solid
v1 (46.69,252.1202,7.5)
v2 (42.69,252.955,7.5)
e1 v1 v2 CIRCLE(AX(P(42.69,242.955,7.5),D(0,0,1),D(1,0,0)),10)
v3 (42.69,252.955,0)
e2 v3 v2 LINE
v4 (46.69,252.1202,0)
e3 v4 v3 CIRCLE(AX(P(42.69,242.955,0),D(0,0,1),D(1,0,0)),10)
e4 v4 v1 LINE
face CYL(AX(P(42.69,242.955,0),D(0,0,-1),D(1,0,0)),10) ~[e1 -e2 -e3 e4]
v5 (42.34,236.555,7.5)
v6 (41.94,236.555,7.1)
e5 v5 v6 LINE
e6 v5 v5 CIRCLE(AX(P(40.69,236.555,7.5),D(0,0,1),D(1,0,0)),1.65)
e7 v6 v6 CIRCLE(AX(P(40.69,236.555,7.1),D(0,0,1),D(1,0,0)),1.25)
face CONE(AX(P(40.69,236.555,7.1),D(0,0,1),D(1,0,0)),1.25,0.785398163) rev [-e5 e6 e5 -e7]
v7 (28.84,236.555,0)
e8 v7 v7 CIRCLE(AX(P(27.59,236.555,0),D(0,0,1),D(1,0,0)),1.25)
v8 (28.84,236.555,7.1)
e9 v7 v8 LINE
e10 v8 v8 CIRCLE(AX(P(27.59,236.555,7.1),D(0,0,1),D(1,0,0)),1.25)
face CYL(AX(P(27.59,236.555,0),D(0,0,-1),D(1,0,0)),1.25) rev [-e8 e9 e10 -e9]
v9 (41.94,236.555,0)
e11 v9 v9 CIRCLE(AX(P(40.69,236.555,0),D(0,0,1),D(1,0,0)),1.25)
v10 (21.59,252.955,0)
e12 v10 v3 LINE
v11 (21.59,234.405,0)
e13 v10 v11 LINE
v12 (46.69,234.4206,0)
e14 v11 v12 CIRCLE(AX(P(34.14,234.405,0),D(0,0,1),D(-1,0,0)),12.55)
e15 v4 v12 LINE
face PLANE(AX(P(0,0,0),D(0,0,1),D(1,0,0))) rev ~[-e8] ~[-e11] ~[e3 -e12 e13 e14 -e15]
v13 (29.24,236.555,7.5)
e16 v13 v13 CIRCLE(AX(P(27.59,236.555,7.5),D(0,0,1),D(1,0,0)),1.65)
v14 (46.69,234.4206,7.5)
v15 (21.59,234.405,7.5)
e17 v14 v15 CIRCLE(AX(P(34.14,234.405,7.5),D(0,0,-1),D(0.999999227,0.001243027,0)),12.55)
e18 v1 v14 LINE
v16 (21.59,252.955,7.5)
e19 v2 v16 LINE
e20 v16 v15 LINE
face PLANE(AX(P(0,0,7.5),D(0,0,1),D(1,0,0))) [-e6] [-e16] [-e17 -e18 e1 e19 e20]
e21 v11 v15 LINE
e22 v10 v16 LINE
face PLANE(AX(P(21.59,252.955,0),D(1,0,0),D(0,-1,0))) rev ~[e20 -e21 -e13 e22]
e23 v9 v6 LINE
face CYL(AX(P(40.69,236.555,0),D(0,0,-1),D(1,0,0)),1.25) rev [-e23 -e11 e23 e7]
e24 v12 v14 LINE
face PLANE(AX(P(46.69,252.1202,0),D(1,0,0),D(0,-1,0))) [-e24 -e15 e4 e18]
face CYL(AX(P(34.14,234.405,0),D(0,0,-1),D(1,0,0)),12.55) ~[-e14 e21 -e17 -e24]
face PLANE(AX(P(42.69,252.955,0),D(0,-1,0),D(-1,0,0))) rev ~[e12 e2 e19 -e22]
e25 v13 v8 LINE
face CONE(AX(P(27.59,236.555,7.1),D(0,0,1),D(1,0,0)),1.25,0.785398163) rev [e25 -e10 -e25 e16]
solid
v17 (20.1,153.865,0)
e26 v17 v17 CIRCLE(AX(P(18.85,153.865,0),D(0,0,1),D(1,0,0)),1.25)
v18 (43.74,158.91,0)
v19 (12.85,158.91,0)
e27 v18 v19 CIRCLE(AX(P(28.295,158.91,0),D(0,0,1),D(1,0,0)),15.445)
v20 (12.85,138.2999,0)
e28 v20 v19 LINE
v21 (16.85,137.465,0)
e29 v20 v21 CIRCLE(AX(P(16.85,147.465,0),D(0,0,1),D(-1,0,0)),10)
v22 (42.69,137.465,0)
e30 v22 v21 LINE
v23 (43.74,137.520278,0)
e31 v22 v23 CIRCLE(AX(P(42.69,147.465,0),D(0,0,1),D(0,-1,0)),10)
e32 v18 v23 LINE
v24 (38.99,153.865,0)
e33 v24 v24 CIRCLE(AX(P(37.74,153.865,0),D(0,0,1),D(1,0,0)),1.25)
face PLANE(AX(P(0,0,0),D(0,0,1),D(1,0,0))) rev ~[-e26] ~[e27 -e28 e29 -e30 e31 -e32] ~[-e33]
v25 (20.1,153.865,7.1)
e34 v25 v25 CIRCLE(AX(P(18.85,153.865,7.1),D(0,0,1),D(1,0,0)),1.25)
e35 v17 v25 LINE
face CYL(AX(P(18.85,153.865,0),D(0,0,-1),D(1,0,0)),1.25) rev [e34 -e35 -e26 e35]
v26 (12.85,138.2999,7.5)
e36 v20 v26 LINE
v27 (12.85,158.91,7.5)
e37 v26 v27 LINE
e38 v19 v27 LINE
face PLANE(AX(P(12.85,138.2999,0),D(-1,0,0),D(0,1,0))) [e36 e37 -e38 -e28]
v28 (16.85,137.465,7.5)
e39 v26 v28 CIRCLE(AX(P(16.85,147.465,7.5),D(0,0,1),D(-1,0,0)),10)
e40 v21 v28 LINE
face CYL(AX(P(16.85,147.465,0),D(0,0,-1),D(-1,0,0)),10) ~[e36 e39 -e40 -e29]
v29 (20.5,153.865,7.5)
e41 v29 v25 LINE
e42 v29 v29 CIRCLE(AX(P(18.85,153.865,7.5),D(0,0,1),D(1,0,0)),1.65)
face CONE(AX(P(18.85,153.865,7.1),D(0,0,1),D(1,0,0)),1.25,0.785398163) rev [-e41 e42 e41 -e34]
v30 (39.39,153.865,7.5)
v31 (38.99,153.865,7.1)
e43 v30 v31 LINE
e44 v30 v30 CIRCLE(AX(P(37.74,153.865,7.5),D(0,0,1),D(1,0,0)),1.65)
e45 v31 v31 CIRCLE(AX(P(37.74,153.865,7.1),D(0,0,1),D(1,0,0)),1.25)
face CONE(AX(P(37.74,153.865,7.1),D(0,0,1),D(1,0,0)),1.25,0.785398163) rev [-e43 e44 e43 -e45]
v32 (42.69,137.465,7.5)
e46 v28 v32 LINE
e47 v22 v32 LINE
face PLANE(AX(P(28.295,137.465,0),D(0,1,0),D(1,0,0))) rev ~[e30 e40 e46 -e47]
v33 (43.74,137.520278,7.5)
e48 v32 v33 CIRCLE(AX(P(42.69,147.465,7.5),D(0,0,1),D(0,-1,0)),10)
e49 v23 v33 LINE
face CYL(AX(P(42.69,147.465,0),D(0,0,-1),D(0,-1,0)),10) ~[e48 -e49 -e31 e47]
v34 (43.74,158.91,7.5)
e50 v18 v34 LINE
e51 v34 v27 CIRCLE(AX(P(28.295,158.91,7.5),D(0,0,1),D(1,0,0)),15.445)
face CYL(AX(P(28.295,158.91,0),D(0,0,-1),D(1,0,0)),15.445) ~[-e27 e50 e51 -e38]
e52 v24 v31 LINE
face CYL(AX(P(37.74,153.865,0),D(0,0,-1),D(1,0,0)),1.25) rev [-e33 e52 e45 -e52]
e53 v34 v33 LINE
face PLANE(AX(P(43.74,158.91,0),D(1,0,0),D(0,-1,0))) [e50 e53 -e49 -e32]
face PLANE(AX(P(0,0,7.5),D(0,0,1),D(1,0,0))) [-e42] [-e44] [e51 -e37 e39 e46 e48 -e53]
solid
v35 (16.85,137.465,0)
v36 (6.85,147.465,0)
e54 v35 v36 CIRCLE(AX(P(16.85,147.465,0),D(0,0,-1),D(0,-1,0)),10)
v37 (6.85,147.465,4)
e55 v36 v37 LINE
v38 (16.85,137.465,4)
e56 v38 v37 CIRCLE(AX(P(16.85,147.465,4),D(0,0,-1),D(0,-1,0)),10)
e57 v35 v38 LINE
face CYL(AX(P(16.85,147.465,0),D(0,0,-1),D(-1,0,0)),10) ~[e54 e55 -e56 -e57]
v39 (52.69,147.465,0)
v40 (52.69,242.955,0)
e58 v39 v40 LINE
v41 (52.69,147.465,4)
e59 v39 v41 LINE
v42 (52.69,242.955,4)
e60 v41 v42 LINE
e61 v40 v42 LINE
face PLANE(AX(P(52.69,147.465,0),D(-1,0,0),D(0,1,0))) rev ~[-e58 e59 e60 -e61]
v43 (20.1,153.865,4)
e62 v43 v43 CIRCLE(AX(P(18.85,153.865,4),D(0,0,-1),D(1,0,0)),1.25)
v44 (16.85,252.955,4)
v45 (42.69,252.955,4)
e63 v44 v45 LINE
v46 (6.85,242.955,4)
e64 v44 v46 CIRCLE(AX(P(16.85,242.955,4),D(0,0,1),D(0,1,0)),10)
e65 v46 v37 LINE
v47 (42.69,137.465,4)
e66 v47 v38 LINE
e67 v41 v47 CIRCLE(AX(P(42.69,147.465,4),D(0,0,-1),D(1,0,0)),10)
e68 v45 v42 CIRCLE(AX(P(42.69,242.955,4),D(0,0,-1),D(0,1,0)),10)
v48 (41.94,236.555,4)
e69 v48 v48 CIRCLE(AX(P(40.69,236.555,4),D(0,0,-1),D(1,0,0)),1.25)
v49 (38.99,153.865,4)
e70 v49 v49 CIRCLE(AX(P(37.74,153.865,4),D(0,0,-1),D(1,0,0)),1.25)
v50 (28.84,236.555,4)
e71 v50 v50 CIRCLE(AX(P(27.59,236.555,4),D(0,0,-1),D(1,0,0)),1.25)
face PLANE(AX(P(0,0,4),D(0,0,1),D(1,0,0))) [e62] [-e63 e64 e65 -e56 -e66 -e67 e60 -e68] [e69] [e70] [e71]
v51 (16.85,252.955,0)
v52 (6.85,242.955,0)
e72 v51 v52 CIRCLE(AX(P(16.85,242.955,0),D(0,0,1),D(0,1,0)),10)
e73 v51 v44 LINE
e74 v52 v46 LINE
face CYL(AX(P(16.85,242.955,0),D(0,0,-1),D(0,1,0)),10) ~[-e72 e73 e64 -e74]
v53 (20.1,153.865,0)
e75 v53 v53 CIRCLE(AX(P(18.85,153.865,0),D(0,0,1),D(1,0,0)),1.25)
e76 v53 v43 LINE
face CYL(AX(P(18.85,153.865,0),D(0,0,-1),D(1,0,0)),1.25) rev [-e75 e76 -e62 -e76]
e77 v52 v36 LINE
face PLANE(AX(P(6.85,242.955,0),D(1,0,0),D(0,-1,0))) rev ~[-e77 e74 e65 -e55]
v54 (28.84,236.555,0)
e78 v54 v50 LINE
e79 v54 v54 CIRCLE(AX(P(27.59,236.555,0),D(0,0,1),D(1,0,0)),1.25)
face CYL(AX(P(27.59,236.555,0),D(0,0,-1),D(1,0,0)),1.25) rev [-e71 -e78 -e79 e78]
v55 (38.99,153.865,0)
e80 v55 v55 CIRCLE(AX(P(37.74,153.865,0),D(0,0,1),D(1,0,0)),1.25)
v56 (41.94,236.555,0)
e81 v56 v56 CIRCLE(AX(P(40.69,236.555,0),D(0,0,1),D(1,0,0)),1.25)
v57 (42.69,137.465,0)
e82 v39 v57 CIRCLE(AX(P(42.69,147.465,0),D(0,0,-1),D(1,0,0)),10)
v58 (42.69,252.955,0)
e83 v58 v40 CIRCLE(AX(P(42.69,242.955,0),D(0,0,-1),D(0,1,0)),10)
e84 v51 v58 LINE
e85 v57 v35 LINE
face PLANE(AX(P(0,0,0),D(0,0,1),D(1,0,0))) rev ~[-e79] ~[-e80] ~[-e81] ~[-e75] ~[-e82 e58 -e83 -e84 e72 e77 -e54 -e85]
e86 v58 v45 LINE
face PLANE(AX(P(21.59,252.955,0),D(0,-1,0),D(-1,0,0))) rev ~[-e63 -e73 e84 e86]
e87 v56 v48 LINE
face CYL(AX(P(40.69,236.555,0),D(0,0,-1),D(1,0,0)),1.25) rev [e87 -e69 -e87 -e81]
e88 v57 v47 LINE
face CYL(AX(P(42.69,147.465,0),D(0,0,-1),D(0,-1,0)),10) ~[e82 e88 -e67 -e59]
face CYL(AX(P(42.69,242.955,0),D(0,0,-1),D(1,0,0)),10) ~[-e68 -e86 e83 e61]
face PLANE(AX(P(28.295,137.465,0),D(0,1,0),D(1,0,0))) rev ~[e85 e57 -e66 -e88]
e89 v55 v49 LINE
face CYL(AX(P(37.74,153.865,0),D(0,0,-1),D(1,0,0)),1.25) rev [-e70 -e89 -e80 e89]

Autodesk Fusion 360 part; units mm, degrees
sketch "Sketch1" plane through (0, 0, 0) normal (0, 0, 1) x (1, 0, 0)
  line L0 (0, 0) -> (0, 440.8206) construction
  circle A0 centre (28.295, 158.91) radius 15.445
  circle A1 centre (34.14, 234.405) radius 12.55
  line L1 (21.59, 252.955) -> (21.59, 225.1955) construction
  line L2 (12.85, 148.5568) -> (12.85, 96.1739) construction
  line L3 (44.5202, 221.855) -> (24.6627, 221.855) construction
  line L4 (16.1034, 174.355) -> (40, 174.355) construction
  line L5 (42.69, 252.955) -> (16.85, 252.955)
  line L6 (6.85, 242.955) -> (6.85, 147.465)
  line L7 (16.85, 137.465) -> (42.69, 137.465)
  line L8 (52.69, 147.465) -> (52.69, 242.955)
  line L9 (46.69, 252.1202) -> (46.69, 234.4206) construction
  line L10 (27.1067, 246.955) -> (40, 246.955) construction
  line L11 (19.6603, 143.465) -> (42.4959, 143.465) construction
  arc A2 (16.85, 252.955) -> (6.85, 242.955) centre (16.85, 242.955) ccw
  arc A3 (42.69, 137.465) -> (52.69, 147.465) centre (42.69, 147.465) ccw
  arc A4 (52.69, 242.955) -> (42.69, 252.955) centre (42.69, 242.955) ccw
  arc A5 (6.85, 147.465) -> (16.85, 137.465) centre (16.85, 147.465) ccw
  line L12 (21.59, 252.955) -> (21.59, 234.405)
  line L13 (46.69, 252.1202) -> (46.69, 234.4206)
  line L14 (12.85, 138.2999) -> (12.85, 158.91)
  line L15 (43.74, 158.91) -> (43.74, 137.465)
  circle A6 centre (18.85, 153.865) radius 1.25
  line L16 (28.295, 158.91) -> (28.295, 137.465)
  circle A7 centre (37.74, 153.865) radius 1.25
  circle A8 centre (40.69, 236.555) radius 1.25
  line L17 (34.14, 234.405) -> (34.14, 252.955)
  circle A9 centre (27.59, 236.555) radius 1.25
  dimension "d1" = 30.89
  dimension "d2" = 25.1
  dimension "d3" = 21.59
  dimension "d4" = 12.85
  dimension "d5" = 47.5
  dimension "d6" = 6
  dimension "d7" = 6
  dimension "d8" = 6
  dimension "d9" = 6
  dimension "d10" = 10
  dimension "d11" = 10
  dimension "d12" = 10
  dimension "d19" = 2.5
  dimension "d20" = 16.4
  dimension "d21" = 12
  dimension "d22" = 2.5
  dimension "d23" = 12
  dimension "d24" = 16.4
extrude "Extrude1" add sketch "Sketch1" along normal blind 4 contours A0 | A0 L7 A3 L15 L16 | A0 A1 L5 L6 L8 A2 A3 A4 A5 L12 L13 L14 L15 | A0 L7 A5 L14 L16 | A1 L5 A4 L13 L17 | A1 | A1 L5 L12 L17 | A6 | A7 | A8 | A9 makes body 1
extrude "Extrude2" add sketch "Sketch1" along normal blind 7.5 separate body contours A1 L5 A4 L13 L17 | A1 | A1 L5 L12 L17 | A8 | A9 makes body 2
extrude "Extrude3" add sketch "Sketch1" along normal blind 7.5 separate body contours A0 | A0 L7 A3 L15 L16 | A0 L7 A5 L14 L16 | A6 | A7 makes body 3
extrude "Extrude4" cut sketch "Sketch1" along normal up to surface (7.5 mm away) contours A6 | A7 | A8 | A9 bodies 1 2 3
chamfer "Chamfer1" distance 0.4 angle 45 4 edges at (26.4246, 237.007, 7.5) (39.5246, 237.007, 7.5) (17.6846, 154.317, 7.5) (36.5746, 154.317, 7.5) on bodies 2 3
